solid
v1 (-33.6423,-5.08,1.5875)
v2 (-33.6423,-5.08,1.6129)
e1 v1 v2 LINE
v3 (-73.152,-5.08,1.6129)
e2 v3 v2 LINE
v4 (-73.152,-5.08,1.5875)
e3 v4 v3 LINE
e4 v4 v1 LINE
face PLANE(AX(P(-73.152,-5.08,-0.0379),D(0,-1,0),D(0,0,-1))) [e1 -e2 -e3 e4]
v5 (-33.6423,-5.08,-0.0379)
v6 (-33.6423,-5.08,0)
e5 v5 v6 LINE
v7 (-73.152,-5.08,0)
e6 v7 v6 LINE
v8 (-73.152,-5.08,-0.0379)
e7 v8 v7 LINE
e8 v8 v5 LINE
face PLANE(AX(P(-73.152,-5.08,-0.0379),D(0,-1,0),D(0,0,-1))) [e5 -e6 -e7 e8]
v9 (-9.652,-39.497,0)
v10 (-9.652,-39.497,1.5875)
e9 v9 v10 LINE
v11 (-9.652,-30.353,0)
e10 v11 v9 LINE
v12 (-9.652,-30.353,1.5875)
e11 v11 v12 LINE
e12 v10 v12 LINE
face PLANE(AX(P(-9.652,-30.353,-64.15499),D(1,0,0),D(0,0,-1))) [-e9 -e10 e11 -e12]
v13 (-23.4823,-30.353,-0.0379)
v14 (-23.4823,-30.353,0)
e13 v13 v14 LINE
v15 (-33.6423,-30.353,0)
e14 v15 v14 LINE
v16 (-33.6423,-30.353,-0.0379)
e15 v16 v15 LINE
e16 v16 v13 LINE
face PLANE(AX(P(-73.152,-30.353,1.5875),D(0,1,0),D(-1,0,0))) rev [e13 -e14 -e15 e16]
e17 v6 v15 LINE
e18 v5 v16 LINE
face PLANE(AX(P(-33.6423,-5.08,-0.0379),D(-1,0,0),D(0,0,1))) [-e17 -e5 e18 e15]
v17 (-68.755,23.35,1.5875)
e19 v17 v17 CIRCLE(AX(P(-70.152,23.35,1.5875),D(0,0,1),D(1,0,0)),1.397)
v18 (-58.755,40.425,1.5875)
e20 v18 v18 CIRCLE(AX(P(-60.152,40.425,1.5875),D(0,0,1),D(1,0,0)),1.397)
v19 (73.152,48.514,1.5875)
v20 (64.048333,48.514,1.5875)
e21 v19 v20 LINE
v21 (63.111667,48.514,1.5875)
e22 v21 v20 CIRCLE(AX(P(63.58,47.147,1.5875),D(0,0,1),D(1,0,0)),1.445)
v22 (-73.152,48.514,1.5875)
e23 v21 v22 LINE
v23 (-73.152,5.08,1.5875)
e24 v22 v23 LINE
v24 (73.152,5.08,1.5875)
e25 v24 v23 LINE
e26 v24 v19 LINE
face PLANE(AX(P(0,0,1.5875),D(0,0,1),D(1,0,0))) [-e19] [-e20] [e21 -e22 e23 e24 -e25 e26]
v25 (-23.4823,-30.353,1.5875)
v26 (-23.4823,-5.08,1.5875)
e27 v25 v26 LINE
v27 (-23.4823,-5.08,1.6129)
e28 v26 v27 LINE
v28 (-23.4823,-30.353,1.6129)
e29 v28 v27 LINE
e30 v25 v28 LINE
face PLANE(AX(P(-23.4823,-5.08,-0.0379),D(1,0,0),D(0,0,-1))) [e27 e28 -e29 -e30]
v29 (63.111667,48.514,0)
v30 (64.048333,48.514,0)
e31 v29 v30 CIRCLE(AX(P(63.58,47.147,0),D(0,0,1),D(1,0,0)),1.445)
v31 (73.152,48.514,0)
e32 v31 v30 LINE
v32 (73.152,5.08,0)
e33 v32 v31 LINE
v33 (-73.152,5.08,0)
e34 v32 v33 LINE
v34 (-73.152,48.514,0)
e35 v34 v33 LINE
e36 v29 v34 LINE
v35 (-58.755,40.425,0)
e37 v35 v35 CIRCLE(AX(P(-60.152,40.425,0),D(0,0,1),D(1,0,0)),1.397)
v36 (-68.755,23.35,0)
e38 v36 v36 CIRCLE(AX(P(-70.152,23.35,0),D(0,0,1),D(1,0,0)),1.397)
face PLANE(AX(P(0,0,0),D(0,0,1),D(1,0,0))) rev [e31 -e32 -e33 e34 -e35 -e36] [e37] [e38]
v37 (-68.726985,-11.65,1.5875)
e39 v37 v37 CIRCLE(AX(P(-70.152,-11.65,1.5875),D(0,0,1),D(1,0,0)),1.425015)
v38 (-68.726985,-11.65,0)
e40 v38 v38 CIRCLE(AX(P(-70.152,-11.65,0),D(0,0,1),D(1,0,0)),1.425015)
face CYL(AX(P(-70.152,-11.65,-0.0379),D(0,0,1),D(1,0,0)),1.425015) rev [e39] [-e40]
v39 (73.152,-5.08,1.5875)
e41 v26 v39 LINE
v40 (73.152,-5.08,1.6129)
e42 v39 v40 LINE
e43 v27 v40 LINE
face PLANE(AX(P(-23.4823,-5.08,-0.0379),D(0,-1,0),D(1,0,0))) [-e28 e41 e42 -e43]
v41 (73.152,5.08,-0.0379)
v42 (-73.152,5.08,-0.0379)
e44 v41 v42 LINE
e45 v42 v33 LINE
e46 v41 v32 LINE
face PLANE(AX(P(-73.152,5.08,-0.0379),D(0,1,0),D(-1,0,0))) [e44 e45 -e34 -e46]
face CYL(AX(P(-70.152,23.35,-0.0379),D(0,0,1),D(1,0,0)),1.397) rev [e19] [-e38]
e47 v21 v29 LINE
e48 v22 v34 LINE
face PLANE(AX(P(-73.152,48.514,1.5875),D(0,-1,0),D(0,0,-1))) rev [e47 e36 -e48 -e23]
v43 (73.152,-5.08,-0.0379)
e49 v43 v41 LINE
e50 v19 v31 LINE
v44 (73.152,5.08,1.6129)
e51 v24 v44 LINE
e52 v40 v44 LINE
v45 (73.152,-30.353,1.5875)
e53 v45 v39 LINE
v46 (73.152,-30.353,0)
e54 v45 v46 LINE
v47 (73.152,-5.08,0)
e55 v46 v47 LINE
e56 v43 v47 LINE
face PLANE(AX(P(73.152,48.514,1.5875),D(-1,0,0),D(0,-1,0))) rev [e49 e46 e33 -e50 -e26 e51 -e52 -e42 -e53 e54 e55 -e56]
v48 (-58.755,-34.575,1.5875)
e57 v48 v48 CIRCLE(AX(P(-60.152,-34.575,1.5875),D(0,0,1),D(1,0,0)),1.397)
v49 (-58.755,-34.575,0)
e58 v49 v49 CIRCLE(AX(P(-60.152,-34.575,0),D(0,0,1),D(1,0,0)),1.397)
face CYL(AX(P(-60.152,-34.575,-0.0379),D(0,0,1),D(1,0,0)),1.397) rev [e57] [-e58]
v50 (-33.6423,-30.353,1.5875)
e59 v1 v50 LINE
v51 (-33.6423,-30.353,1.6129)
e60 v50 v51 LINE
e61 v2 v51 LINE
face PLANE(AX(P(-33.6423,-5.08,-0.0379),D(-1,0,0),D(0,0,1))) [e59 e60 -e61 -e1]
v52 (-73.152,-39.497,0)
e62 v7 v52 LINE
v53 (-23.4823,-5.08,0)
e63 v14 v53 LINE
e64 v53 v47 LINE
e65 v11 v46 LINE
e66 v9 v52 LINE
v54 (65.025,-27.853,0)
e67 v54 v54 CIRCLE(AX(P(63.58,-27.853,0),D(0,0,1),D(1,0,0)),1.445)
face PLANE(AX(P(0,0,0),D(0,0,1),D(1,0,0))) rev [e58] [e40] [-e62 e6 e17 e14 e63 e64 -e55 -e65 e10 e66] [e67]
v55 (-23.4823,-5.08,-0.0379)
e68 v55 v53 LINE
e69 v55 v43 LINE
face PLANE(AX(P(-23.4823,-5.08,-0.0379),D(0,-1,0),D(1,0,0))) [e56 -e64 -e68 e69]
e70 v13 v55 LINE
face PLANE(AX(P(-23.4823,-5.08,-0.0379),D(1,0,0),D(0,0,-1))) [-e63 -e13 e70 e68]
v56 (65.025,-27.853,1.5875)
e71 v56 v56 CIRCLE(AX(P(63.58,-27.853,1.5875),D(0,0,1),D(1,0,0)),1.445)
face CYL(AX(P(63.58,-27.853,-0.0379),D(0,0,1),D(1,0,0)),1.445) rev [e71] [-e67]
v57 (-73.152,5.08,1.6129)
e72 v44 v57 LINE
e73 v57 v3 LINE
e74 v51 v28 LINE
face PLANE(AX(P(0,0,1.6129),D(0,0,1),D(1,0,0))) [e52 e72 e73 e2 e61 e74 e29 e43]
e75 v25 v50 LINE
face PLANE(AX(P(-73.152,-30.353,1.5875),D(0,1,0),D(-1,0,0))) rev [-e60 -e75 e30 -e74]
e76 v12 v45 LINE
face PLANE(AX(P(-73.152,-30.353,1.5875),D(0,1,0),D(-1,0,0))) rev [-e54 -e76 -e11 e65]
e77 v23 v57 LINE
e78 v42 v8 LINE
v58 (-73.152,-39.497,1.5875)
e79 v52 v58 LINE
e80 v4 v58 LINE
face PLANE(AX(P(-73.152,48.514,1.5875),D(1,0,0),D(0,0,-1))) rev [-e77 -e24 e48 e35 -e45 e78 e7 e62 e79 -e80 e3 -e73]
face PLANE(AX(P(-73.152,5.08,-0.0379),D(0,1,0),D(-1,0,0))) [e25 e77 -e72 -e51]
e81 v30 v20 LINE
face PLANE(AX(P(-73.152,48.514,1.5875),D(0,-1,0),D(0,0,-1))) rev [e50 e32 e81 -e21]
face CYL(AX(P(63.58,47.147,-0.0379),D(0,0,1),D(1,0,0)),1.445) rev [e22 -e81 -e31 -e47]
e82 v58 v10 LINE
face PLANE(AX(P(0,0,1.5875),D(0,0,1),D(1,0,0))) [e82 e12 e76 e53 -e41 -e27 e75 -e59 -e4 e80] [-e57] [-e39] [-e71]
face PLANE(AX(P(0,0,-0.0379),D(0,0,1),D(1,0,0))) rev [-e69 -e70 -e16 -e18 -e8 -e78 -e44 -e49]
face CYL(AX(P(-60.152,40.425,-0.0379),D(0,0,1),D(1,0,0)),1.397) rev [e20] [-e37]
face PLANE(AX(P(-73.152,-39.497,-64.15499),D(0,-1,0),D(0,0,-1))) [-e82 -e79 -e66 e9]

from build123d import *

# Parameters (mm, degrees)
SKETCH1_W                = 146.304
SKETCH1_H                = 78.867
BOSS_EXTRUDE1_DEPTH      = 1.5875
BOSS_EXTRUDE2_DEPTH      = 0.0254
BOSS_EXTRUDE2_DEPTH_BACK = 1.6254
SKETCH5_R                = 1.445
CUT_EXTRUDE1_DEPTH       = 2.6254
SKETCH7_W                = 63.5
SKETCH7_H                = 9.144
BOSS_EXTRUDE3_DEPTH      = 1.5875
SKETCH6_R                = 1.397
SKETCH6_R_2              = 1.425015072
CUT_EXTRUDE2_DEPTH       = 2.6254


with BuildPart() as part:
    # Sketch1 → Boss-Extrude1 (new body)
    with BuildSketch(Plane.XY):
        with Locations((0, 9.0805)):
            Rectangle(SKETCH1_W, SKETCH1_H)
    extrude(amount=BOSS_EXTRUDE1_DEPTH)

    # Sketch4 → Boss-Extrude2 (add, two sides)
    with BuildSketch(Plane.XY.offset(1.5875)) as boss_extrude2_sk:
        Polygon((-73.152, 5.08), (73.152, 5.08), (73.152, -5.08), (-23.4823, -5.08), (-23.4823, -30.353), (-33.6423, -30.353), (-33.6423, -5.08), (-73.152, -5.08), align=None)
    extrude(amount=BOSS_EXTRUDE2_DEPTH)
    extrude(boss_extrude2_sk.sketch, amount=-BOSS_EXTRUDE2_DEPTH_BACK)

    # Sketch5 → Cut-Extrude1 (cut, through all)
    with BuildSketch(Plane.XY.offset(1.5875)):
        with Locations((63.58, 47.147)):
            Circle(SKETCH5_R)
        with Locations((63.58, -27.853)):
            Circle(SKETCH5_R)
    extrude(amount=-CUT_EXTRUDE1_DEPTH, mode=Mode.SUBTRACT)

    # Sketch7 → Boss-Extrude3 (add)
    with BuildSketch(Plane.XY.offset(1.5875)):
        with Locations((-41.402, -34.925)):
            Rectangle(SKETCH7_W, SKETCH7_H)
    extrude(amount=-BOSS_EXTRUDE3_DEPTH)

    # Sketch6 → Cut-Extrude2 (cut, through all)
    with BuildSketch(Plane.XY.offset(1.5875)):
        with Locations((-70.152, 23.35)):
            Circle(SKETCH6_R)
        with Locations((-70.152, -11.65)):
            Circle(SKETCH6_R_2)
        with Locations((-60.152, 40.424999886)):
            Circle(SKETCH6_R)
        with Locations((-60.152, -34.575)):
            Circle(SKETCH6_R)
    extrude(amount=-CUT_EXTRUDE2_DEPTH, mode=Mode.SUBTRACT)


solid = part.part
